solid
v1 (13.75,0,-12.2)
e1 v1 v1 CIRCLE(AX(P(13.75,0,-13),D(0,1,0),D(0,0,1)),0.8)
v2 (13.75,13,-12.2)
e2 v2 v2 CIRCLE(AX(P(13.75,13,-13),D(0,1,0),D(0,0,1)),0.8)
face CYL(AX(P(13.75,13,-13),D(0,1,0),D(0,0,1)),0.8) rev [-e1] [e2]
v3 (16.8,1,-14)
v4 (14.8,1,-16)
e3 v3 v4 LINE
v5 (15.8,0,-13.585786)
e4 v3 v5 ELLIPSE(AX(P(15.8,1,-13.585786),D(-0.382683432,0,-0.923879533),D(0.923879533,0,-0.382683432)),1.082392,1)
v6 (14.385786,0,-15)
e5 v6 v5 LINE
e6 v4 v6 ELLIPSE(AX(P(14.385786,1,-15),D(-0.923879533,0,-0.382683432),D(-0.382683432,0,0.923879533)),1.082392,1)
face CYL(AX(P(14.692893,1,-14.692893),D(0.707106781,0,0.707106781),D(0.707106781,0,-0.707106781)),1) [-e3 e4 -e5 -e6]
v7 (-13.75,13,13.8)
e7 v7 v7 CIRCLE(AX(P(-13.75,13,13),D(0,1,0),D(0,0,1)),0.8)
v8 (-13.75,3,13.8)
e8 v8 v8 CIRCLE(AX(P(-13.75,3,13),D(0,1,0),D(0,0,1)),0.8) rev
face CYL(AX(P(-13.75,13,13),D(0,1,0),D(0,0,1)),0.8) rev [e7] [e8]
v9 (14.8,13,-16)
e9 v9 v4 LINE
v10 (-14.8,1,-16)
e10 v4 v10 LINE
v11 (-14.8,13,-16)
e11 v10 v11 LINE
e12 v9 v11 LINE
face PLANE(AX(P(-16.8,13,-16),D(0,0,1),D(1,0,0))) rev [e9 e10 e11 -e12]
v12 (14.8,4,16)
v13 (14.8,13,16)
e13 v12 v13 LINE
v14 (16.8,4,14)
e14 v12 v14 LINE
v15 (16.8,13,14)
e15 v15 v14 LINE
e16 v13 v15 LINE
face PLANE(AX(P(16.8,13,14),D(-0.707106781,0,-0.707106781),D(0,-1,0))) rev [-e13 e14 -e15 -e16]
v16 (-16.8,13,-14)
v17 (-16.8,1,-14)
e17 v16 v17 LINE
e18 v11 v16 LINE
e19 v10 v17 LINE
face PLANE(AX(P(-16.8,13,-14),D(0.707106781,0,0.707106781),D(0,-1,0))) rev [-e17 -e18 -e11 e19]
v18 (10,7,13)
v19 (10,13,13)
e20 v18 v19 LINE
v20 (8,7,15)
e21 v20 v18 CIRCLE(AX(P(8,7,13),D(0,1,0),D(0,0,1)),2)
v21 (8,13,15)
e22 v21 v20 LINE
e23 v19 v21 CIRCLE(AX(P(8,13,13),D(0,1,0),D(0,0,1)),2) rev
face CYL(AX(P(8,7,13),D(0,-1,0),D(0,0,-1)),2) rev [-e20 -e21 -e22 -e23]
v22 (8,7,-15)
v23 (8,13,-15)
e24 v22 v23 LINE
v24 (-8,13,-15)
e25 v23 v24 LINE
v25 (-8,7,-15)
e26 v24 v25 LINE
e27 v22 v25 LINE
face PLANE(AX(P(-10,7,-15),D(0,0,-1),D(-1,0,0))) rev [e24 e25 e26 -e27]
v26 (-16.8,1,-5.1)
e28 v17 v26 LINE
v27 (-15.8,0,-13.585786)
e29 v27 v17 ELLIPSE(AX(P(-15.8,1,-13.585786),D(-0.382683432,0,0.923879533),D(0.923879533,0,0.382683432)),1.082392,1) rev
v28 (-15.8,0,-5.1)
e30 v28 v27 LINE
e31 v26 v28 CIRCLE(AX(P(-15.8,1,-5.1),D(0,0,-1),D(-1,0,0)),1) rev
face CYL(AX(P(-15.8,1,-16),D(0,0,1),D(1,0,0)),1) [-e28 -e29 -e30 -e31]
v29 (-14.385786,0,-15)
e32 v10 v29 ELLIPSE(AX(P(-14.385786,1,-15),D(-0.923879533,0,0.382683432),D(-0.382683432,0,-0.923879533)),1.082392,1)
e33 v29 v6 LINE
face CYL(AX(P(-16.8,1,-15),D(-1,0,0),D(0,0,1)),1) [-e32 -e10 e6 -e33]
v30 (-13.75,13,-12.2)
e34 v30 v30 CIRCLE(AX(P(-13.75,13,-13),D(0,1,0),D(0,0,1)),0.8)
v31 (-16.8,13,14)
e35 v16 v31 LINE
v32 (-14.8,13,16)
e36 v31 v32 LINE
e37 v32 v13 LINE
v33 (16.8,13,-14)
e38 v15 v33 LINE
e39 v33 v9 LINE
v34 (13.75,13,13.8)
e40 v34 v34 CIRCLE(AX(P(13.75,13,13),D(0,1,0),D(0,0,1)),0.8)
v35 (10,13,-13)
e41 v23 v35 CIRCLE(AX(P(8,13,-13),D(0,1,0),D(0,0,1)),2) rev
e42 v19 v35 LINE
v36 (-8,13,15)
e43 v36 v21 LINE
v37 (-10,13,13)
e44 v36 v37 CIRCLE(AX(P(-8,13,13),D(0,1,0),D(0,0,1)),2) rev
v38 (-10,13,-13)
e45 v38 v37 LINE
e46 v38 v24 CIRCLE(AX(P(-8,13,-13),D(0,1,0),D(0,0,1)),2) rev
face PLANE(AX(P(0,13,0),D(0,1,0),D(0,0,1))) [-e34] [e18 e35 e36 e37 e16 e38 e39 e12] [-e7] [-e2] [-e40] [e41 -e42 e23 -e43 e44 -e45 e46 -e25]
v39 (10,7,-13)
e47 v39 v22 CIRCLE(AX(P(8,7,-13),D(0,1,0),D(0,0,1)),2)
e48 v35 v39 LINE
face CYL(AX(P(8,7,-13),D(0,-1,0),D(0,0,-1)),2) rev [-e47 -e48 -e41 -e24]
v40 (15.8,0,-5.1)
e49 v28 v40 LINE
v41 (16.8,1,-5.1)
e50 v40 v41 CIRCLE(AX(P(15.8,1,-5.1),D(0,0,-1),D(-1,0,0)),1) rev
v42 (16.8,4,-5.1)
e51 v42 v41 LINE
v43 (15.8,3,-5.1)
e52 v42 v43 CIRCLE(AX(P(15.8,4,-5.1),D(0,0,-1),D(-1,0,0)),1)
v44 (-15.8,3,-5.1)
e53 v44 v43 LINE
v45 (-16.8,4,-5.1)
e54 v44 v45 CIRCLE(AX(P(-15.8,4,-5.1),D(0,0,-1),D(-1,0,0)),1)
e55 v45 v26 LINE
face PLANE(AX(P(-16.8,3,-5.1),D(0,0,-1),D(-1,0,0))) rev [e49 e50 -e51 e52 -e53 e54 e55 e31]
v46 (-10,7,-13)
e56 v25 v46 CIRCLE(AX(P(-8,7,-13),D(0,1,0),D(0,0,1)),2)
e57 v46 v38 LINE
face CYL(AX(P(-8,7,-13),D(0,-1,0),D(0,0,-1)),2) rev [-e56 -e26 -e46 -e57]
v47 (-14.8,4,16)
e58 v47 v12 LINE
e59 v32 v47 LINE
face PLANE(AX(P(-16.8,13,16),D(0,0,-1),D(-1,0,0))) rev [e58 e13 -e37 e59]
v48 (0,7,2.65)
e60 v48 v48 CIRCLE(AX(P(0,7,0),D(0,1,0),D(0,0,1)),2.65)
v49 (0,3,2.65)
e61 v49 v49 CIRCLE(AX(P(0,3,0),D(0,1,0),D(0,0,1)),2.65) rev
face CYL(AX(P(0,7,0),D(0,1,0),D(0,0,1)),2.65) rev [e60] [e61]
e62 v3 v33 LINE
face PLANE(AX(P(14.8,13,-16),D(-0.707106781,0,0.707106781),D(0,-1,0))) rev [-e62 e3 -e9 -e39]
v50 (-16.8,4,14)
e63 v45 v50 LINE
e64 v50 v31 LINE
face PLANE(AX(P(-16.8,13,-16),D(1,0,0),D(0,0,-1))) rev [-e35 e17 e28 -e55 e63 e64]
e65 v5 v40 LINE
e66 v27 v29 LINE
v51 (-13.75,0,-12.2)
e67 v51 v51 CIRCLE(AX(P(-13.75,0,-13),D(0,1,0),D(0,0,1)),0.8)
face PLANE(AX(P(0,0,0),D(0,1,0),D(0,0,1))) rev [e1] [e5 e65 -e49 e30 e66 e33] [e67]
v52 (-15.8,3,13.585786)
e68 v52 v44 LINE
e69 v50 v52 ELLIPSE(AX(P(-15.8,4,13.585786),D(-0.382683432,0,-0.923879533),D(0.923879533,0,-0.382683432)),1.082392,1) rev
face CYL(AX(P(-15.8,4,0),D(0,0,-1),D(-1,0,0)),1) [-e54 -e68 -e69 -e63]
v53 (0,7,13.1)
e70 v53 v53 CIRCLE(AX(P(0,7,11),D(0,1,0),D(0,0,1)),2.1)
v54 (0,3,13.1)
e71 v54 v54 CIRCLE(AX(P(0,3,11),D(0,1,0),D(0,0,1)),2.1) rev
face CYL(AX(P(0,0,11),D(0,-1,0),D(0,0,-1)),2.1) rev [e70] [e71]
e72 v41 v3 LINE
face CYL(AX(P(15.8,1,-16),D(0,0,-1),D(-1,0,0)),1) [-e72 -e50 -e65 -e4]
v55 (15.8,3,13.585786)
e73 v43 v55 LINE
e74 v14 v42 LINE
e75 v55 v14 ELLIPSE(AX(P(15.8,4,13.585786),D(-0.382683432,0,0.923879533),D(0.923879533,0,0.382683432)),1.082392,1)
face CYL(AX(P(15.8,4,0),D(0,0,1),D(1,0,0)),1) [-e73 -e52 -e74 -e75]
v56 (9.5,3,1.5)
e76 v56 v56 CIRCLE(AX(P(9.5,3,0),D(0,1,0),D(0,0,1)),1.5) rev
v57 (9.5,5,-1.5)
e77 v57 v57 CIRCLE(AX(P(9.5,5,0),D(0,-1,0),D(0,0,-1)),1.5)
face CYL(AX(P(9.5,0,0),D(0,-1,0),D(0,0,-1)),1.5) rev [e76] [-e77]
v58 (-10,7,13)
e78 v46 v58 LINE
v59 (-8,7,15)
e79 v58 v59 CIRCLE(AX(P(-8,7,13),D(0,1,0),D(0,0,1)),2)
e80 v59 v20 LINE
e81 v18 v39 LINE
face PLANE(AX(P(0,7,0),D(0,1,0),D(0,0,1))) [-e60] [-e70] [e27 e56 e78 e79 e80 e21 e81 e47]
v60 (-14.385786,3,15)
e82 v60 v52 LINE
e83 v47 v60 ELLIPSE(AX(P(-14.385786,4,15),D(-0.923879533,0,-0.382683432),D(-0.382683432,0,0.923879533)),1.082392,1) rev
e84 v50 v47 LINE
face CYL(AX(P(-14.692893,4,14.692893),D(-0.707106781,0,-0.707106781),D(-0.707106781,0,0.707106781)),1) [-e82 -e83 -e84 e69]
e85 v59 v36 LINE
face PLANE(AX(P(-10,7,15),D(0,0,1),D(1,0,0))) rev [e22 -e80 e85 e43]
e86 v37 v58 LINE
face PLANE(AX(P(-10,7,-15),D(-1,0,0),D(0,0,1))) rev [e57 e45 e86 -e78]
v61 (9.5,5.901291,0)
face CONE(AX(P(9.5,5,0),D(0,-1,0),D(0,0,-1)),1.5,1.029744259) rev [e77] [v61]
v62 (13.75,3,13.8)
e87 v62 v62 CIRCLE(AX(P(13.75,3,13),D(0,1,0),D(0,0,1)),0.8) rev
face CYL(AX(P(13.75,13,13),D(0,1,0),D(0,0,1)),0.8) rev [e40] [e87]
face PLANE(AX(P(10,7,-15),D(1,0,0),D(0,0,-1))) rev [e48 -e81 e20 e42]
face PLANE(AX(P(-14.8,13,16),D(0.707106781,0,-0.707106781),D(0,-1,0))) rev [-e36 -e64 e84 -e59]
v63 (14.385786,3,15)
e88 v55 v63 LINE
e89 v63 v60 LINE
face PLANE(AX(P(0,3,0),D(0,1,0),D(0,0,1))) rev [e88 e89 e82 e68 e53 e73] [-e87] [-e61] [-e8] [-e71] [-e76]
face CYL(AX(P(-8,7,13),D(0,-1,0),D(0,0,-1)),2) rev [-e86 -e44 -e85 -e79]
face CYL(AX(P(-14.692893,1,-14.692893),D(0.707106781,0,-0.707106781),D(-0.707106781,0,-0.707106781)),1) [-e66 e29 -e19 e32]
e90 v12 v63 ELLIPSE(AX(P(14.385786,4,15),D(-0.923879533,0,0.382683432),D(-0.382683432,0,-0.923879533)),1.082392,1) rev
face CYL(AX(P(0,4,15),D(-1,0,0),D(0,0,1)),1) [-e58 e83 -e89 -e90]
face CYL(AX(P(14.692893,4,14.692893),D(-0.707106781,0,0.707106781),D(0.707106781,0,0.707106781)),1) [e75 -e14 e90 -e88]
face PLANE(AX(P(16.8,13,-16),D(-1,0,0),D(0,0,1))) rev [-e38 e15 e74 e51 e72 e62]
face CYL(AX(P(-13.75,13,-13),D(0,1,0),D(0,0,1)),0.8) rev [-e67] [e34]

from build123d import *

# Parameters (mm, degrees)
SKIZZE1_W                          = 33.6
SKIZZE1_H                          = 32
AUFSATZ_LINEAR_AUSTRAGEN1_DEPTH    = 13
SKIZZE17_W                         = 20
SKIZZE17_H                         = 30
SCHNITT_LINEAR_AUSTRAGEN2_DEPTH    = 6
KERNLOCH_F_R_M2_GEWINDE1_D         = 1.6
VERRUNDUNG2_R                      = 2
DURCHGANGSLOCH_F_R_M52_D           = 5.3
F_3_0MM_CLEARANCE_STIFTLOCH1_D     = 3
F_3_0MM_CLEARANCE_STIFTLOCH1_DEPTH = 5
F_3_0MM_CLEARANCE_STIFTLOCH1_TIP   = 0.901290929
KERNLOCH_F_R_M5_GEWINDE1_D         = 4.2
SKIZZE27_W                         = 33.6
SKIZZE27_H                         = 21.1
SCHNITT_LINEAR_AUSTRAGEN3_DEPTH    = 3
FASE1_SIZE                         = 2
VERRUNDUNG3_R                      = 1


with BuildPart() as part:
    # Skizze1 → Aufsatz-Linear austragen1 (new body)
    with BuildSketch(Plane(origin=(0, 0, 0), x_dir=(1, 0, 0), z_dir=(0, 1, 0))):
        Rectangle(SKIZZE1_W, SKIZZE1_H)
    extrude(amount=AUFSATZ_LINEAR_AUSTRAGEN1_DEPTH)

    # Skizze17 → Schnitt-Linear austragen2 (cut)
    with BuildSketch(Plane(origin=(0, 13, 0), x_dir=(1, 0, 0), z_dir=(0, 1, 0))):
        Rectangle(SKIZZE17_W, SKIZZE17_H)
    extrude(amount=-SCHNITT_LINEAR_AUSTRAGEN2_DEPTH, mode=Mode.SUBTRACT)

    # Kernloch für M2 Gewinde1 (through all)
    with Locations(Plane(origin=(0, 13, 0), x_dir=(1, 0, 0), z_dir=(0, 1, 0))):
        with Locations((-13.75, 13), (13.75, 13), (13.75, -13), (-13.75, -13)):
            Hole(KERNLOCH_F_R_M2_GEWINDE1_D / 2)

    # Verrundung2
    verrundung2_edges = [part.edges().sort_by_distance(p)[0] for p in [
        (-10, 10, 15),
        (-10, 10, -15),
        (10, 10, -15),
        (10, 10, 15),
    ]]
    fillet(verrundung2_edges, radius=VERRUNDUNG2_R)

    # Durchgangsloch für M52 (through all)
    with Locations(Plane(origin=(0, 7, 0), x_dir=(1, 0, 0), z_dir=(0, 1, 0))):
        with Locations((0, 0)):
            Hole(DURCHGANGSLOCH_F_R_M52_D / 2)

    # Ø3.0mm Clearance Stiftloch1
    with Locations(Plane(origin=(0, 0, 0), x_dir=(-1, 0, 0), z_dir=(0, -1, 0))):
        with Locations((-9.5, 0)):
            Hole(F_3_0MM_CLEARANCE_STIFTLOCH1_D / 2, depth=F_3_0MM_CLEARANCE_STIFTLOCH1_DEPTH)
            with Locations((0, 0, -(F_3_0MM_CLEARANCE_STIFTLOCH1_DEPTH + F_3_0MM_CLEARANCE_STIFTLOCH1_TIP / 2))):  # 118° drill point
                Cone(0, F_3_0MM_CLEARANCE_STIFTLOCH1_D / 2, F_3_0MM_CLEARANCE_STIFTLOCH1_TIP, mode=Mode.SUBTRACT)

    # Kernloch für M5 Gewinde1 (through all)
    with Locations(Plane(origin=(0, 0, 0), x_dir=(-1, 0, 0), z_dir=(0, -1, 0))):
        with Locations((0, -11)):
            Hole(KERNLOCH_F_R_M5_GEWINDE1_D / 2)

    # Skizze27 → Schnitt-Linear austragen3 (cut)
    with BuildSketch(Plane.XZ):
        with Locations((0, 5.45)):
            Rectangle(SKIZZE27_W, SKIZZE27_H)
    extrude(amount=-SCHNITT_LINEAR_AUSTRAGEN3_DEPTH, mode=Mode.SUBTRACT)

    # Fase1
    fase1_edges = [part.edges().sort_by_distance(p)[0] for p in [
        (-16.8, 6.5, -16),
        (16.8, 6.5, -16),
        (16.8, 8, 16),
        (-16.8, 8, 16),
    ]]
    chamfer(fase1_edges, length=FASE1_SIZE)

    # Verrundung3
    verrundung3_edges = [part.edges().sort_by_distance(p)[0] for p in [
        (0, 3, 16),
        (-16.8, 3, 4.45),
        (15.8, 3, 15),
        (-15.8, 3, 15),
        (-16.8, 0, -9.55),
        (0, 0, -16),
        (-15.8, 0, -15),
        (15.8, 0, -15),
        (16.8, 0, -9.55),
        (16.8, 3, 4.45),
    ]]
    fillet(verrundung3_edges, radius=VERRUNDUNG3_R)


solid = part.part
